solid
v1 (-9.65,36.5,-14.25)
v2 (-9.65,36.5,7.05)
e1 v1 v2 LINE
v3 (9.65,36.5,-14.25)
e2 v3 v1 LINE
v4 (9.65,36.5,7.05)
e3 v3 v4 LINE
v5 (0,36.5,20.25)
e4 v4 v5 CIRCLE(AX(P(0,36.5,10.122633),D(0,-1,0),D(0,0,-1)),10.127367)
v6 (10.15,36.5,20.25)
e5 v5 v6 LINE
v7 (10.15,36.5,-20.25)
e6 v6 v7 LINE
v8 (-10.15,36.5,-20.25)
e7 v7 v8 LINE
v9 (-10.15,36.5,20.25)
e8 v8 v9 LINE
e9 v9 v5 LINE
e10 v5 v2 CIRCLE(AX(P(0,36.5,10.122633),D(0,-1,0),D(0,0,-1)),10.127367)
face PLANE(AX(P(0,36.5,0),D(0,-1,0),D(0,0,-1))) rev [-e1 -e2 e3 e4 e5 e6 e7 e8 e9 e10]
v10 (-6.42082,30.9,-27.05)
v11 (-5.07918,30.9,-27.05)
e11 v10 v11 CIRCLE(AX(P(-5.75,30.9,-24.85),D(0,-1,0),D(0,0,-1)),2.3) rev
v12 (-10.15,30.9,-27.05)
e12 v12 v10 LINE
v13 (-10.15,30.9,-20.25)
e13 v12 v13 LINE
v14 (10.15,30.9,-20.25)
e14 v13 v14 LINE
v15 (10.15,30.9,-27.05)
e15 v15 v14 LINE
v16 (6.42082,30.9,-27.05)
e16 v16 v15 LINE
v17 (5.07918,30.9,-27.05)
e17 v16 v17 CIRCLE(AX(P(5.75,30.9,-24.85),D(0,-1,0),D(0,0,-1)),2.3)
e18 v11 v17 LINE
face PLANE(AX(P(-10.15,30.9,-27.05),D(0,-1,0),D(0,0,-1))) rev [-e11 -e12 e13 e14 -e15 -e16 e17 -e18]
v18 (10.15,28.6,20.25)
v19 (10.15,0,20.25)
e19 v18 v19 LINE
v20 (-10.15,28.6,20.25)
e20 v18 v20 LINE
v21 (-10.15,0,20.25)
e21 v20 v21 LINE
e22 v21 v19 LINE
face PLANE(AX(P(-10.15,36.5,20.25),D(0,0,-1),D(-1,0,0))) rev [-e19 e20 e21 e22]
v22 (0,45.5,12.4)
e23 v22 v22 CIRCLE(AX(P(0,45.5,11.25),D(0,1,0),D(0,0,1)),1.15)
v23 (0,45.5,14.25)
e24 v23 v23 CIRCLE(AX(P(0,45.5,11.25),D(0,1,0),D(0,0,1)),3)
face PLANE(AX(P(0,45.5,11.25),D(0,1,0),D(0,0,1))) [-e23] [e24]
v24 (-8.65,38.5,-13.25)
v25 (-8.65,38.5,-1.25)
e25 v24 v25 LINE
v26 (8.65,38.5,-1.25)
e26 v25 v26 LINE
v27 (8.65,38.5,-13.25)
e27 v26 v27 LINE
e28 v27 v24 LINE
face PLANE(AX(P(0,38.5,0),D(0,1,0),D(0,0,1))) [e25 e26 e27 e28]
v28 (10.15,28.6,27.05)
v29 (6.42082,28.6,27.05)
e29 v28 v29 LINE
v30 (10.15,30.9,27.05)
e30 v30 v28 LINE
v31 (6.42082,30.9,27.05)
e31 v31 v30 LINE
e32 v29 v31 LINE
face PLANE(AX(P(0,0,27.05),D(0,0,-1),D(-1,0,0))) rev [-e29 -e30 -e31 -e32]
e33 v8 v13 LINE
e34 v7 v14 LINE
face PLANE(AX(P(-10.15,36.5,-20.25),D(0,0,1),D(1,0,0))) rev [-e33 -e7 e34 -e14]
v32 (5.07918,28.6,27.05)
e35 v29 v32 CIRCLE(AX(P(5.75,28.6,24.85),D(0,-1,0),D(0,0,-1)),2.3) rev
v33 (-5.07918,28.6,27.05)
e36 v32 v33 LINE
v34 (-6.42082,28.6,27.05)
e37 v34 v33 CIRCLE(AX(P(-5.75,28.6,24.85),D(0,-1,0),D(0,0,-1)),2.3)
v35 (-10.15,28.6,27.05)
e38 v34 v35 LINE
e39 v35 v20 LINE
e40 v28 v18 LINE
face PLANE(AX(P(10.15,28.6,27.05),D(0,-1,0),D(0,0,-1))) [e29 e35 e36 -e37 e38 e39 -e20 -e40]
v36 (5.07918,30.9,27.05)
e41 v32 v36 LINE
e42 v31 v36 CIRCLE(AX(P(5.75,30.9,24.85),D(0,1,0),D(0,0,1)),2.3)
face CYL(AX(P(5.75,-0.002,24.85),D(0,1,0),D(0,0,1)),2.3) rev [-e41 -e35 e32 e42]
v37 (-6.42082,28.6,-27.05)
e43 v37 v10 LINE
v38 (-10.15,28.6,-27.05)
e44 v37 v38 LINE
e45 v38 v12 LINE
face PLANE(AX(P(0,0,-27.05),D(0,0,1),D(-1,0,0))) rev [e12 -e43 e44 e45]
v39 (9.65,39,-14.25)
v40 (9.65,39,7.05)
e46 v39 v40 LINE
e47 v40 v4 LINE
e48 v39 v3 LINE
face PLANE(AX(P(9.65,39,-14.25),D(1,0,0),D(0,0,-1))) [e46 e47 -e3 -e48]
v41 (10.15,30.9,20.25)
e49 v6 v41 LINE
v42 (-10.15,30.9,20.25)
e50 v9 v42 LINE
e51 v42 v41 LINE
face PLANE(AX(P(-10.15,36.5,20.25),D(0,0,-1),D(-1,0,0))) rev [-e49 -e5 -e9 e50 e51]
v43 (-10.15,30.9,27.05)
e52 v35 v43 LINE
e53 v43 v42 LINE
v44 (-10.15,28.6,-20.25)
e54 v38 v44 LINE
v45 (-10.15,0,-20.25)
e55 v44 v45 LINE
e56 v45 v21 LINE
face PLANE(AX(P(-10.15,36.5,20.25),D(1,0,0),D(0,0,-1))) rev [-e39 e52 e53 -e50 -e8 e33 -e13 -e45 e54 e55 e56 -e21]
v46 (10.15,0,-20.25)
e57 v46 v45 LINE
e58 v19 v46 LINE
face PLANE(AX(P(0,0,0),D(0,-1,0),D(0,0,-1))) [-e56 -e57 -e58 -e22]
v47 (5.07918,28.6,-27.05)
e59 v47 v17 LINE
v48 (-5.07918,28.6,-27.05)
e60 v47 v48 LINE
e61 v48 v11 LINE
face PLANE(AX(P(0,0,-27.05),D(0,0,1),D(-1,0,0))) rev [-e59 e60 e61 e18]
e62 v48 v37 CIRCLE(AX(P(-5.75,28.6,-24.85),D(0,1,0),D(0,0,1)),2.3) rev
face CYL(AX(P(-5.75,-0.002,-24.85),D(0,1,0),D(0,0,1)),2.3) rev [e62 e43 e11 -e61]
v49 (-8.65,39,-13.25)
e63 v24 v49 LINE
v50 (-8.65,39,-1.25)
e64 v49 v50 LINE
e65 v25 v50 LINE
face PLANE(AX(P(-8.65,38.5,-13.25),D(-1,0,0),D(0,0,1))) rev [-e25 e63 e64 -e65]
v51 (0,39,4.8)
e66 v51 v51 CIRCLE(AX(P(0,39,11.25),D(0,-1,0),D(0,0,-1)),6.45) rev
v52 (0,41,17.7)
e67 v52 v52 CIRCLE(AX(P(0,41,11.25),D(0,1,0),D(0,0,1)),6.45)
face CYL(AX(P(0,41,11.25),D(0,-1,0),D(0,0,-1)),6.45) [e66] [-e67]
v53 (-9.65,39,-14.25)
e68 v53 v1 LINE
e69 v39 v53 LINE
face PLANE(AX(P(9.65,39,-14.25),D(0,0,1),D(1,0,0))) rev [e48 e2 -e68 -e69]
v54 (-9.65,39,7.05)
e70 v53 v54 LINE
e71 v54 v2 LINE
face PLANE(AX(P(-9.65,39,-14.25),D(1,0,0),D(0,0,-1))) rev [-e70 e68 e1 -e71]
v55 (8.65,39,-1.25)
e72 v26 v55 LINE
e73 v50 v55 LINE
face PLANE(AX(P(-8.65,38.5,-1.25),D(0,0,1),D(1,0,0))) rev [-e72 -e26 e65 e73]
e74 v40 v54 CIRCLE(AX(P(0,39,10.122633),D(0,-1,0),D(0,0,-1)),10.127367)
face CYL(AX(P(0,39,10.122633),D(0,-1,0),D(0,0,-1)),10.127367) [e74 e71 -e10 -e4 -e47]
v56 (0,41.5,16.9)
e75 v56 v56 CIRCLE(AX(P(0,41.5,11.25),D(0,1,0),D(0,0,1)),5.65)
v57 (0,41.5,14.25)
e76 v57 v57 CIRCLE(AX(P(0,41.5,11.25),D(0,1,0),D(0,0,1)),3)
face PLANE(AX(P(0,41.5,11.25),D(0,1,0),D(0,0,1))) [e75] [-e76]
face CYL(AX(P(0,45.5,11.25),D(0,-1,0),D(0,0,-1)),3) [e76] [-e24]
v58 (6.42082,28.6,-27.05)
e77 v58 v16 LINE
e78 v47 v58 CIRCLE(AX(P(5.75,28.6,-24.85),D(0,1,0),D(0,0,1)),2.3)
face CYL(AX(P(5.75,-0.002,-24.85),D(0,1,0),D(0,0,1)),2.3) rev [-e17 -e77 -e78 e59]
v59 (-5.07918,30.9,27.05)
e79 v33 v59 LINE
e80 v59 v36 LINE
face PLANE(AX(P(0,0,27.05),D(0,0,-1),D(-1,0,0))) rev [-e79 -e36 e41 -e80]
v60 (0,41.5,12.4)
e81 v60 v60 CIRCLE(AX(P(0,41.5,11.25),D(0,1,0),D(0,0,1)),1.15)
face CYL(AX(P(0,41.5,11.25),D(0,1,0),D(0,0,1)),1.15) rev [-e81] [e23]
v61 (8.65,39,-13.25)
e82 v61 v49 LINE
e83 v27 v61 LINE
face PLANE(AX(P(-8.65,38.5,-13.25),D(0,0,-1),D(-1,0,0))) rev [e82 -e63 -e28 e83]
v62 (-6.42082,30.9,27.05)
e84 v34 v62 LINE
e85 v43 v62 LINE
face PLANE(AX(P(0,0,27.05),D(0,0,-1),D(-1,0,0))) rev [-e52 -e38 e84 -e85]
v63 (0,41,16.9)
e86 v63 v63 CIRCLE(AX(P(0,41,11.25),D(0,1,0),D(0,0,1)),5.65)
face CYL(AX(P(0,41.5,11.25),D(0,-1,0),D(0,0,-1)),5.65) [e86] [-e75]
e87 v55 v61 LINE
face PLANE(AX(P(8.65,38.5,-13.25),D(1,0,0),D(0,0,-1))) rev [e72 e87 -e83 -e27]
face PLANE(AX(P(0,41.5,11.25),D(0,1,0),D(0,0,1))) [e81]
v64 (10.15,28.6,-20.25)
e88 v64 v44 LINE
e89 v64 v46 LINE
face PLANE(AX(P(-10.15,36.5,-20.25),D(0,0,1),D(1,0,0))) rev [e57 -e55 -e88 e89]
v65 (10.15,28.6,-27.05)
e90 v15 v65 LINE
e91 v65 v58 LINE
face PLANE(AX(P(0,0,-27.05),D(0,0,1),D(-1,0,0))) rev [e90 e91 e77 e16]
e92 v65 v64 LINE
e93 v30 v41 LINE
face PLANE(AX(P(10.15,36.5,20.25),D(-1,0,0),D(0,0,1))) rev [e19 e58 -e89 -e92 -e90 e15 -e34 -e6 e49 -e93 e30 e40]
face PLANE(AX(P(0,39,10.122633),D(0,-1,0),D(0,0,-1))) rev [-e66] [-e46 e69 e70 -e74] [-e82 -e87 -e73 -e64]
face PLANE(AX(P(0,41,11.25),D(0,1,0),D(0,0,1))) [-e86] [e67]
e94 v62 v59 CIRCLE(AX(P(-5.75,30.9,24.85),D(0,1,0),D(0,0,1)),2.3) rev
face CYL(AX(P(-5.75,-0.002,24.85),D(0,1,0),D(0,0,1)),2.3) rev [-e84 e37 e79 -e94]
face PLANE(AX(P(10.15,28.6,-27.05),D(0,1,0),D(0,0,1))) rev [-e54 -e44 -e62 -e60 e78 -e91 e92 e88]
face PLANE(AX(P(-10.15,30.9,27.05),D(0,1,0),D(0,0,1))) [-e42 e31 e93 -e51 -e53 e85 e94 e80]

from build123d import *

# Parameters (mm, degrees)
SKETCH1_W           = 20.3
SKETCH1_H           = 40.5
BOSS_EXTRUDE1_DEPTH = 36.5
SKETCH4_W           = 20.3
SKETCH4_H           = 2.3
BOSS_EXTRUDE4_DEPTH = 6.8
SKETCH5_R           = 2.3
CUT_EXTRUDE1_DEPTH  = 2.3
BOSS_EXTRUDE5_DEPTH = 2.5
SKETCH10_R          = 6.45
BOSS_EXTRUDE6_DEPTH = 2
SKETCH11_R          = 5.65
BOSS_EXTRUDE7_DEPTH = 0.5
SKETCH12_R          = 3
BOSS_EXTRUDE8_DEPTH = 4
SKETCH13_R          = 1.15
CUT_EXTRUDE2_DEPTH  = 4
SKETCH14_W          = 17.3
SKETCH14_H          = 12
CUT_EXTRUDE3_DEPTH  = 0.5


with BuildPart() as part:
    # Sketch1 → Boss-Extrude1 (new body)
    with BuildSketch(Plane(origin=(0, 0, 0), x_dir=(1, 0, 0), z_dir=(0, 1, 0))):
        Rectangle(SKETCH1_W, SKETCH1_H)
    extrude(amount=BOSS_EXTRUDE1_DEPTH)

    # Sketch4 → Boss-Extrude4 (add)
    with BuildSketch(Plane.XY.offset(20.25)):
        with Locations((0, 29.75)):
            Rectangle(SKETCH4_W, SKETCH4_H)
    boss_extrude4 = extrude(amount=BOSS_EXTRUDE4_DEPTH)

    # Sketch5 → Cut-Extrude1 (cut)
    with BuildSketch(Plane(origin=(0, 30.9, 0), x_dir=(1, 0, 0), z_dir=(0, 1, 0))):
        with Locations((5.75, -24.85)):
            Circle(SKETCH5_R)
        with Locations((-5.75, -24.85)):
            Circle(SKETCH5_R)
    cut_extrude1 = extrude(amount=-CUT_EXTRUDE1_DEPTH, mode=Mode.SUBTRACT)

    # Mirror2: Boss-Extrude4, Cut-Extrude1 across plane
    add(boss_extrude4.mirror(Plane.XY))
    add(cut_extrude1.mirror(Plane.XY), mode=Mode.SUBTRACT)

    # Sketch7 → Boss-Extrude5 (add)
    with BuildSketch(Plane(origin=(0, 36.5, 0), x_dir=(1, 0, 0), z_dir=(0, 1, 0))):
        with BuildLine():
            Line((-9.65, 14.25), (-9.65, -7.05))
            ThreePointArc((-9.65, -7.05), (0, -20.25), (9.65, -7.05))
            Line((9.65, -7.05), (9.65, 14.25))
            Line((9.65, 14.25), (-9.65, 14.25))
        make_face()
    extrude(amount=BOSS_EXTRUDE5_DEPTH)

    # Sketch10 → Boss-Extrude6 (add)
    with BuildSketch(Plane(origin=(0, 39, 0), x_dir=(1, 0, 0), z_dir=(0, 1, 0))):
        with Locations((0, -11.25)):
            Circle(SKETCH10_R)
    extrude(amount=BOSS_EXTRUDE6_DEPTH)

    # Sketch11 → Boss-Extrude7 (add)
    with BuildSketch(Plane(origin=(0, 41, 0), x_dir=(1, 0, 0), z_dir=(0, 1, 0))):
        with Locations((0, -11.25)):
            Circle(SKETCH11_R)
    extrude(amount=BOSS_EXTRUDE7_DEPTH)

    # Sketch12 → Boss-Extrude8 (add)
    with BuildSketch(Plane(origin=(0, 41.5, 0), x_dir=(1, 0, 0), z_dir=(0, 1, 0))):
        with Locations((0, -11.25)):
            Circle(SKETCH12_R)
    extrude(amount=BOSS_EXTRUDE8_DEPTH)

    # Sketch13 → Cut-Extrude2 (cut)
    with BuildSketch(Plane(origin=(0, 45.5, 0), x_dir=(1, 0, 0), z_dir=(0, 1, 0))):
        with Locations((0, -11.25)):
            Circle(SKETCH13_R)
    extrude(amount=-CUT_EXTRUDE2_DEPTH, mode=Mode.SUBTRACT)

    # Sketch14 → Cut-Extrude3 (cut)
    with BuildSketch(Plane(origin=(0, 39, 0), x_dir=(1, 0, 0), z_dir=(0, 1, 0))):
        with Locations((0, 7.25)):
            Rectangle(SKETCH14_W, SKETCH14_H)
    extrude(amount=-CUT_EXTRUDE3_DEPTH, mode=Mode.SUBTRACT)


solid = part.part
